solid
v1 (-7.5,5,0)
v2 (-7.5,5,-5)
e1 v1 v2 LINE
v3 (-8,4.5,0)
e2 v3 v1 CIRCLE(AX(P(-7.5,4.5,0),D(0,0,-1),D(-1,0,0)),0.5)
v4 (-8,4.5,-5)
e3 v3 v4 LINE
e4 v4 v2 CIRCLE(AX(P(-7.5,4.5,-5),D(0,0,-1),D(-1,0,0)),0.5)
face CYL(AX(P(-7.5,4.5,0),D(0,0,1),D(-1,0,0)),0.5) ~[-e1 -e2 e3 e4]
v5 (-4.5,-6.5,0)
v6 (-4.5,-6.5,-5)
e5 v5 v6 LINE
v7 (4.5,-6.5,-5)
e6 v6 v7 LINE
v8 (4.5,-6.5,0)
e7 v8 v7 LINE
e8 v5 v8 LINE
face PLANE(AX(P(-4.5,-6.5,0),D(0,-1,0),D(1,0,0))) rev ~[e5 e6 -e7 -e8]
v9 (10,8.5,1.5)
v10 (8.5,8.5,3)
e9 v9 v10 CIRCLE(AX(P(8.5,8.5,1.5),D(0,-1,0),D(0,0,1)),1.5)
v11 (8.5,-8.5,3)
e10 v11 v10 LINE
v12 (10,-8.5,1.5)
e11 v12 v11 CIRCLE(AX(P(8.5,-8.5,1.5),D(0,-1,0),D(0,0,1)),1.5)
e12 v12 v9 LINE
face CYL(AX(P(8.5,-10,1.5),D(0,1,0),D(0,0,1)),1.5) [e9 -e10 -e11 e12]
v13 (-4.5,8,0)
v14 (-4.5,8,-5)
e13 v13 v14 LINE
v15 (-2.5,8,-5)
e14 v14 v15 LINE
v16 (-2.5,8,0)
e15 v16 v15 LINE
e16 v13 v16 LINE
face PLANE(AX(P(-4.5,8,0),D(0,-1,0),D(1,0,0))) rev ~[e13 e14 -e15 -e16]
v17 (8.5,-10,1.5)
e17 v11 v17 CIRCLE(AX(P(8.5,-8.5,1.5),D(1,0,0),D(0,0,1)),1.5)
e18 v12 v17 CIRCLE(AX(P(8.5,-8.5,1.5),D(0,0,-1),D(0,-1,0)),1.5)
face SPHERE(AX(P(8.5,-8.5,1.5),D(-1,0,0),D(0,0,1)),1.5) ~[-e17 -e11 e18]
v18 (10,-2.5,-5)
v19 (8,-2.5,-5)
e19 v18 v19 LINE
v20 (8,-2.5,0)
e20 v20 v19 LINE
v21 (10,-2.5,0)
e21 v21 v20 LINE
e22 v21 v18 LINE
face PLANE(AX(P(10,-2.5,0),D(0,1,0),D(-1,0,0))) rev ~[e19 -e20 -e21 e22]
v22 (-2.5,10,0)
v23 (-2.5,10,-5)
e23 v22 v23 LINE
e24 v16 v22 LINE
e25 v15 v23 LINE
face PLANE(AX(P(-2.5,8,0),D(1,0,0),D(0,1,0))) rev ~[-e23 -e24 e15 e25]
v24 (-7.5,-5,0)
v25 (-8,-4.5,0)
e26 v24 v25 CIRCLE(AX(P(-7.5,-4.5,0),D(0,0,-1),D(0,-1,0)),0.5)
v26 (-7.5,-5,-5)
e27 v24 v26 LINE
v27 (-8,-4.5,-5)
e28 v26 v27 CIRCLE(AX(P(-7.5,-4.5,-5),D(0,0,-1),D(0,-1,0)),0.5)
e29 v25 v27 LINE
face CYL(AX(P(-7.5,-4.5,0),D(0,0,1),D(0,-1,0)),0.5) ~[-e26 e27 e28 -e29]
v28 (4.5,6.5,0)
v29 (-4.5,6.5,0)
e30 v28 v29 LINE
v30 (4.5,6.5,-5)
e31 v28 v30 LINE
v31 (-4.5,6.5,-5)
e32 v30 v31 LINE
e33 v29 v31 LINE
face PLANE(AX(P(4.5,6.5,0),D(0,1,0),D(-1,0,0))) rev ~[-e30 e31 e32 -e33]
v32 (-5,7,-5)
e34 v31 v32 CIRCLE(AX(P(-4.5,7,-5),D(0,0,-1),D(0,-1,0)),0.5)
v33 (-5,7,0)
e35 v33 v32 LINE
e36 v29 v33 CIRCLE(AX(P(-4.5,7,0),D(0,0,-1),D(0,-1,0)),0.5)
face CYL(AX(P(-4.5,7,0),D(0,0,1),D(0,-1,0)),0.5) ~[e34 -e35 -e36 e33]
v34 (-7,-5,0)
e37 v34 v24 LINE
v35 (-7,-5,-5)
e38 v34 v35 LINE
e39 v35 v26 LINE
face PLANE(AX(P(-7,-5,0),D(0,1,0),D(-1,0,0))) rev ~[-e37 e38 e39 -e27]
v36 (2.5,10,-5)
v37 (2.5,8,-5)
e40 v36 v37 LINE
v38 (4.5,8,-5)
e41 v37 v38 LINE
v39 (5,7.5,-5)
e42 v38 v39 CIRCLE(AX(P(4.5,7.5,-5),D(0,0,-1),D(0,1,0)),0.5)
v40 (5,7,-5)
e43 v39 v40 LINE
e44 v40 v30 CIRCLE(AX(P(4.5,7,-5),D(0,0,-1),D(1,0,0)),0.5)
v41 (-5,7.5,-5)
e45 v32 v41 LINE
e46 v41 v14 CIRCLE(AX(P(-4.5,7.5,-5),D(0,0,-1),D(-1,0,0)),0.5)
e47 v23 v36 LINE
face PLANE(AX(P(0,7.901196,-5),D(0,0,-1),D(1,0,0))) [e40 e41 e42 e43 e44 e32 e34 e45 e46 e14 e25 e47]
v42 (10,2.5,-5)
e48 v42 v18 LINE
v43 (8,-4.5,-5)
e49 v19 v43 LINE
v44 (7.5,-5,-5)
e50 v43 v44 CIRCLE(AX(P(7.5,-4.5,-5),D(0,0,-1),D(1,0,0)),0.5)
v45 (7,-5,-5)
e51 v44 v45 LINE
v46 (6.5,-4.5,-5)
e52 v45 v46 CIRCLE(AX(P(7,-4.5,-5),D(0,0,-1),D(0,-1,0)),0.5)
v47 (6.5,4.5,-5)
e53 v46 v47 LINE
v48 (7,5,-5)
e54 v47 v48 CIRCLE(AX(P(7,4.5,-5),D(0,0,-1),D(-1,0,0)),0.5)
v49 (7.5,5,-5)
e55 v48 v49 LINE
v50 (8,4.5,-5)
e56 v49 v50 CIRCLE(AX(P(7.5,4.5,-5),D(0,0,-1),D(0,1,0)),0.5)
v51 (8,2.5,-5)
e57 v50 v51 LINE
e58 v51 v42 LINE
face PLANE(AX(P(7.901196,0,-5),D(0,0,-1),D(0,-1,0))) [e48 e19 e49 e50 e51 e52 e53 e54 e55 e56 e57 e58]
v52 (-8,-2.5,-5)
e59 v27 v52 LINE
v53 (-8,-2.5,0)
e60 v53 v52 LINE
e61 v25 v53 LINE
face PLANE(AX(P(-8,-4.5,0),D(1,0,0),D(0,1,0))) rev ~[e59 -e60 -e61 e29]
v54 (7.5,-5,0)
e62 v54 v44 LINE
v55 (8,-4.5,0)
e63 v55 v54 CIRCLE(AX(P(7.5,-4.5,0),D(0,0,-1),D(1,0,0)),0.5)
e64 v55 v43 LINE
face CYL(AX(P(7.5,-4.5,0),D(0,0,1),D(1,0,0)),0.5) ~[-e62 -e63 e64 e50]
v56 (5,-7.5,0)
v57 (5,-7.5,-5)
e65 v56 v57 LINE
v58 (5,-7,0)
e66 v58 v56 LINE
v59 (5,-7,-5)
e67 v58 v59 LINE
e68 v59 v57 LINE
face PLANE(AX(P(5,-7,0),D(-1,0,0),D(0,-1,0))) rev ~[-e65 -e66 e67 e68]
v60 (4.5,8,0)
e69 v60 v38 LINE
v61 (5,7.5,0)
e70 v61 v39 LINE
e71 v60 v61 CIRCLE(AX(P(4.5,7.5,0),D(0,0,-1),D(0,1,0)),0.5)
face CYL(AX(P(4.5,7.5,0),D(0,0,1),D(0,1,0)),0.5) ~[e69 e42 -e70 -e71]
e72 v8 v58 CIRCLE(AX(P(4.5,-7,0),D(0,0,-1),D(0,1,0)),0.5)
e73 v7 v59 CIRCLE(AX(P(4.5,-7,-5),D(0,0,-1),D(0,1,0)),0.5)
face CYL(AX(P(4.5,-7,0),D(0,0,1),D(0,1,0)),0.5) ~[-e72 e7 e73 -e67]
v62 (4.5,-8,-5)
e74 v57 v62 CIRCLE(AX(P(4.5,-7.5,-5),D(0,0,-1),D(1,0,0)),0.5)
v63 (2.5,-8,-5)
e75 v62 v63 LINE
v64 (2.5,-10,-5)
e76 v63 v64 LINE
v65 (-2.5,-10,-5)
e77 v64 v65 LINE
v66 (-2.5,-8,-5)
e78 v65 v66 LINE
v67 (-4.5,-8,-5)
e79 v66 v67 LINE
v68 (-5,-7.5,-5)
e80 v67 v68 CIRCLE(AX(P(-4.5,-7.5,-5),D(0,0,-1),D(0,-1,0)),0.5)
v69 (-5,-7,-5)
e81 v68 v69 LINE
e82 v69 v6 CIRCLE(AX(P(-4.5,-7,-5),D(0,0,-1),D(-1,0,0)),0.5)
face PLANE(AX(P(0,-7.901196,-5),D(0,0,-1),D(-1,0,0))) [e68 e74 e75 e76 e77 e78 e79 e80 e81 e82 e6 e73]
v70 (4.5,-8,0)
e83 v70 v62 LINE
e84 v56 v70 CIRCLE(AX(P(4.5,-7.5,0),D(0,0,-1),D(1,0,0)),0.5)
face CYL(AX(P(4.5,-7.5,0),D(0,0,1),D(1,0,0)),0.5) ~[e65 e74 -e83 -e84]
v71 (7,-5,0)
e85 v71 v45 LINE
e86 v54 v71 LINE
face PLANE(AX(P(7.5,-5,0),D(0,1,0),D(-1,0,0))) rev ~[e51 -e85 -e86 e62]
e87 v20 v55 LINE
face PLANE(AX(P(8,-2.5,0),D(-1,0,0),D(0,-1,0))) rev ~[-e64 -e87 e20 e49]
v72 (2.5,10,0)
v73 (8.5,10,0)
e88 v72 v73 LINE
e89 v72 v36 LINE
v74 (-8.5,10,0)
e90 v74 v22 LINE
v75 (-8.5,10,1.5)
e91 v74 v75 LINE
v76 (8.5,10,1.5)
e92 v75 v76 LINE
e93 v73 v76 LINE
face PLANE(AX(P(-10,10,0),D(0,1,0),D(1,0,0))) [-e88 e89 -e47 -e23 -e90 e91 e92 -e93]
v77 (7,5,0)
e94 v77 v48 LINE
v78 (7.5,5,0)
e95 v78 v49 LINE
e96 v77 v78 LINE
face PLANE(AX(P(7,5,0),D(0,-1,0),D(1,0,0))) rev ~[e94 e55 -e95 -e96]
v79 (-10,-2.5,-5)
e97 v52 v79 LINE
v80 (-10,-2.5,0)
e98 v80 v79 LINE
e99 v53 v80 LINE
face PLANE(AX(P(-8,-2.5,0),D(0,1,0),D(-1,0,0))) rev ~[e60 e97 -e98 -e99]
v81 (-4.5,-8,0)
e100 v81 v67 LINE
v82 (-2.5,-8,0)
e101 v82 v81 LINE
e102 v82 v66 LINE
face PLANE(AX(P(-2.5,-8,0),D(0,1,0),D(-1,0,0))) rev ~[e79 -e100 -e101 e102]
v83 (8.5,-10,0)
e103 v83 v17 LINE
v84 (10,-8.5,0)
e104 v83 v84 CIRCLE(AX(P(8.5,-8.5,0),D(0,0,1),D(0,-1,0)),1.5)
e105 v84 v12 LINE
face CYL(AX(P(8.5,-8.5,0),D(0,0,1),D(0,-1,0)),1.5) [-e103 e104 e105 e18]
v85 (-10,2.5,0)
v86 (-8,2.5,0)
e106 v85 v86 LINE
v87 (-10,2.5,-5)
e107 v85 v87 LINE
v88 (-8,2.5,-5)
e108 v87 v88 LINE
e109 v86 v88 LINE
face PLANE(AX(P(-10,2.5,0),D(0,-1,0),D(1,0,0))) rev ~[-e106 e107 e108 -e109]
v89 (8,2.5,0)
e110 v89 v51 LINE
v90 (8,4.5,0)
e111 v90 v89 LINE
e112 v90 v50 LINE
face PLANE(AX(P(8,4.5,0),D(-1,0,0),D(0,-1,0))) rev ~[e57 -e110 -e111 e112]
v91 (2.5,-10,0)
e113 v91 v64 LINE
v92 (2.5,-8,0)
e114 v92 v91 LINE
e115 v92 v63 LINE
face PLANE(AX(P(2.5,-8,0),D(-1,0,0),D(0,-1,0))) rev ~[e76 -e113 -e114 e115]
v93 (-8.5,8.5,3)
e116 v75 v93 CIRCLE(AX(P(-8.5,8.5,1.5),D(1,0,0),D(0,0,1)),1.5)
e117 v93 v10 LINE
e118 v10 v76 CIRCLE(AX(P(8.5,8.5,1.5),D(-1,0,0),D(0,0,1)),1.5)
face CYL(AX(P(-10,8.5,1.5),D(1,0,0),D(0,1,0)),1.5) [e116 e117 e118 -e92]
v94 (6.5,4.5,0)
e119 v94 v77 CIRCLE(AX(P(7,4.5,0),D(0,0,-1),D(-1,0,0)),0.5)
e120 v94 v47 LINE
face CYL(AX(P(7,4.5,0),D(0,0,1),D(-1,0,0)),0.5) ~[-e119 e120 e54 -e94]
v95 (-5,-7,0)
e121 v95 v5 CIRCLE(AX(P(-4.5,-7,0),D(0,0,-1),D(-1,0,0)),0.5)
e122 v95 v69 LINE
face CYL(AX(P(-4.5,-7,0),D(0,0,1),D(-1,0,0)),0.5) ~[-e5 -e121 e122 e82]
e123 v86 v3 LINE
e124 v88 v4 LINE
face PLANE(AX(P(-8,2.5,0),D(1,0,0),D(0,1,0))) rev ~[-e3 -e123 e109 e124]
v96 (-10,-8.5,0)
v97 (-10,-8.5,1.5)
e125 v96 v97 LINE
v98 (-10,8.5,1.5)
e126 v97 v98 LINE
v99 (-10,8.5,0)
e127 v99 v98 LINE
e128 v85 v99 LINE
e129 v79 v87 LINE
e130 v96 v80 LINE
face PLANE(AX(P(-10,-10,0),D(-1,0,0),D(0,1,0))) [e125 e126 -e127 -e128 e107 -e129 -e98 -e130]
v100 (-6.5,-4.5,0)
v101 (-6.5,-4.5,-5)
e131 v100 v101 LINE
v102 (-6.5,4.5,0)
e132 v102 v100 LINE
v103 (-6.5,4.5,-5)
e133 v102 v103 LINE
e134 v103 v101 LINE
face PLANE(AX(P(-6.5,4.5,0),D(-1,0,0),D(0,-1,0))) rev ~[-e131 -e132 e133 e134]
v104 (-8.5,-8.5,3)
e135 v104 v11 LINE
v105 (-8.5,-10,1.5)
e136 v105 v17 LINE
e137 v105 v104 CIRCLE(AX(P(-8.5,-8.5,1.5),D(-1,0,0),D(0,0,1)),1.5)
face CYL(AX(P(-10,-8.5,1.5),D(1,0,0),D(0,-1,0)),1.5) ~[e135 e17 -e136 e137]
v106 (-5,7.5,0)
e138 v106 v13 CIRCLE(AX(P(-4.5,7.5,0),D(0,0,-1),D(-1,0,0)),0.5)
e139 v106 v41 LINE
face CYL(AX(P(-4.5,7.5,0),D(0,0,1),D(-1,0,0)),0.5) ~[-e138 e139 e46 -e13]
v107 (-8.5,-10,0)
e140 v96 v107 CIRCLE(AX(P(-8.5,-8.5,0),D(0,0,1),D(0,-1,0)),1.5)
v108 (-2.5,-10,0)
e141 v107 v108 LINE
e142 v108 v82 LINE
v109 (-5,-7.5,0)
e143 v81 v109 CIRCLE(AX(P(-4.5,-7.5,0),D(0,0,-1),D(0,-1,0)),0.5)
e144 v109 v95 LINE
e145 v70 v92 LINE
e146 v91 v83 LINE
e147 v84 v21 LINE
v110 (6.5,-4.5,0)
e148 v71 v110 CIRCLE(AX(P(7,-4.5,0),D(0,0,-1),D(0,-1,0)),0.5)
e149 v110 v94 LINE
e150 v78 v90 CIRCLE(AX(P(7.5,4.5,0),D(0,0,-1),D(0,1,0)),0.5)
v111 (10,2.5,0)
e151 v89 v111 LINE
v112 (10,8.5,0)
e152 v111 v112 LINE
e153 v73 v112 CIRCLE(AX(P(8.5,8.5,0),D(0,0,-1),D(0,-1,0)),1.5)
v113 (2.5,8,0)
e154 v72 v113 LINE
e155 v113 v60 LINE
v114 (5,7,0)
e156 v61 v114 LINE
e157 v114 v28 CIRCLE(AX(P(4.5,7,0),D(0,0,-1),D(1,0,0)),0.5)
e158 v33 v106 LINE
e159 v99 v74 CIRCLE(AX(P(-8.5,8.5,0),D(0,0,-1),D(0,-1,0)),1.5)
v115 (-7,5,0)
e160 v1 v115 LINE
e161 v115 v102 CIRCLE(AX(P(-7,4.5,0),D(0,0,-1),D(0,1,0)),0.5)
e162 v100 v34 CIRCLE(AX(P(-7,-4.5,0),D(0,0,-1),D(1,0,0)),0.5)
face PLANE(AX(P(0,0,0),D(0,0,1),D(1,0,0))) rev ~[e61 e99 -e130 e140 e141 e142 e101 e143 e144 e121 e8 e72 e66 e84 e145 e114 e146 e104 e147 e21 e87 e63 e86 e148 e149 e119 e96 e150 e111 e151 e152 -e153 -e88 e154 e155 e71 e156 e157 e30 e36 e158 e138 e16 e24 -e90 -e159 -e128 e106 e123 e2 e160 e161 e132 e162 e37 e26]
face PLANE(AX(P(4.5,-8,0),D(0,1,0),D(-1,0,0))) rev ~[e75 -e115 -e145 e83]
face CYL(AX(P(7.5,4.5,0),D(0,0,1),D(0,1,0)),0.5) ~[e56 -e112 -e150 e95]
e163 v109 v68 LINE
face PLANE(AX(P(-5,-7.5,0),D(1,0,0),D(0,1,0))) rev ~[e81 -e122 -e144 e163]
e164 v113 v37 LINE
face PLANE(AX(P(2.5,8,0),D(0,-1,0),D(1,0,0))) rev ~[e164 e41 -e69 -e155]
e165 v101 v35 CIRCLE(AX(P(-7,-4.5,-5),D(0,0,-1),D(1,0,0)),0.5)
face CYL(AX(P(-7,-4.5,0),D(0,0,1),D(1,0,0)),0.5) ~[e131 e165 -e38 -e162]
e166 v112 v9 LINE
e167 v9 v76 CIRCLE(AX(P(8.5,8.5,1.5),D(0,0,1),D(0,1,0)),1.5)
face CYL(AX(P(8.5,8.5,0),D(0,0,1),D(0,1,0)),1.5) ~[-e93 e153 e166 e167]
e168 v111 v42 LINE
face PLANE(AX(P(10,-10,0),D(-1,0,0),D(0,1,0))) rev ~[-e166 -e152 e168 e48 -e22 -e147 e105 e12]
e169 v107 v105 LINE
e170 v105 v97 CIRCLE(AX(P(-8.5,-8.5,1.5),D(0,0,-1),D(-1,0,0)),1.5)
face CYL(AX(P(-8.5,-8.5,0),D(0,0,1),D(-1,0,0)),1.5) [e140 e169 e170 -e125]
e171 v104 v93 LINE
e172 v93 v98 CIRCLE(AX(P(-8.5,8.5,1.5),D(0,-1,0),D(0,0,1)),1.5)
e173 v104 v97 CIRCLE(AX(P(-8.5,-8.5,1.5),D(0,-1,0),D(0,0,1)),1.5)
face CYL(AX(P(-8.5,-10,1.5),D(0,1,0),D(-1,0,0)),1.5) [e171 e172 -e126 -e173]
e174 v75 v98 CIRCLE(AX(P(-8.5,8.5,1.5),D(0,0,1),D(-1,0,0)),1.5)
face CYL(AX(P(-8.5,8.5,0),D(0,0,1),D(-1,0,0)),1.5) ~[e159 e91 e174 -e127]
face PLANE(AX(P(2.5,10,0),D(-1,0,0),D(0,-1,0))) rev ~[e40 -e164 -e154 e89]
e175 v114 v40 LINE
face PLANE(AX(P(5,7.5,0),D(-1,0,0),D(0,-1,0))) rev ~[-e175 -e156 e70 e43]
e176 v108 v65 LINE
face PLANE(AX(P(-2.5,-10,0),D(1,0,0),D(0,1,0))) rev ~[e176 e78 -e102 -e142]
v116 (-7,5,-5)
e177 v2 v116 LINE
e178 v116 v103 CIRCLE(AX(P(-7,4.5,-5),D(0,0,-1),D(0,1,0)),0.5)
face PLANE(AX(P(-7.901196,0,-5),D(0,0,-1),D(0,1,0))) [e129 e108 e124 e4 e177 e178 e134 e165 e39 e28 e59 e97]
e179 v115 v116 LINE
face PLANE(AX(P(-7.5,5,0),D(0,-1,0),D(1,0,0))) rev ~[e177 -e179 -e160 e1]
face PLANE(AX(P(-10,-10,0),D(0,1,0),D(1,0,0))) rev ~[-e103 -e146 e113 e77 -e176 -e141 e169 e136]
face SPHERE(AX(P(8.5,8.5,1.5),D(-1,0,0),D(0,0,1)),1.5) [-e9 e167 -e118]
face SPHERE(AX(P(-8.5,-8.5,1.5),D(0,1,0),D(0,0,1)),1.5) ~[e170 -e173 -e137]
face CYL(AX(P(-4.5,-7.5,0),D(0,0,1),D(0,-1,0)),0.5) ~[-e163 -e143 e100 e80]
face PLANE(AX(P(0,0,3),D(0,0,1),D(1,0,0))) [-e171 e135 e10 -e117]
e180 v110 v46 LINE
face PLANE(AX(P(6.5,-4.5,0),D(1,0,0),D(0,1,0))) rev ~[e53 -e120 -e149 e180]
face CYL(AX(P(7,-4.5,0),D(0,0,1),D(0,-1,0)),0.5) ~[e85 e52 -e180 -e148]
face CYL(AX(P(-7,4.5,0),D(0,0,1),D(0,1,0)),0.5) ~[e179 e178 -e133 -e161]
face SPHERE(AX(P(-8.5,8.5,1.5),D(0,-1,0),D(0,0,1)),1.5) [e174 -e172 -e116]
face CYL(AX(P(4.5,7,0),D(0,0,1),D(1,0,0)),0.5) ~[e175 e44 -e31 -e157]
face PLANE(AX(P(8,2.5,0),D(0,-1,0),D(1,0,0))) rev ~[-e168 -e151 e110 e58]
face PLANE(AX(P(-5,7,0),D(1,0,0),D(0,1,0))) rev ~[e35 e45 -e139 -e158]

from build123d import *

# Parameters (mm, degrees)
F0_W     = 20
F0_H     = 20
F1_DEPTH = 3
F3_DEPTH = 5
F5_COUNT = 4
F6_R     = 1.5


with BuildPart() as f1:
    # F0 (on Top) → F1 (new body)
    with BuildSketch(Plane.XY):
        Rectangle(F0_W, F0_H)
    extrude(amount=F1_DEPTH)

    # F2 (on face) → F3 (join)
    with BuildSketch(Plane(origin=(0, 0, 0), x_dir=(1, 0, 0), z_dir=(0, 0, -1))):
        with BuildLine():
            Line((-2.5, -8), (-2.5, -10))
            Line((-2.5, -10), (2.5, -10))
            Line((2.5, -10), (2.5, -8))
            Line((2.5, -8), (4.5, -8))
            ThreePointArc((4.5, -8), (4.8535533906, -7.8535533906), (5, -7.5))
            Line((5, -7.5), (5, -7))
            ThreePointArc((5, -7), (4.8535533906, -6.6464466094), (4.5, -6.5))
            Line((4.5, -6.5), (-4.5, -6.5))
            ThreePointArc((-4.5, -6.5), (-4.8535533906, -6.6464466094), (-5, -7))
            Line((-5, -7), (-5, -7.5))
            ThreePointArc((-5, -7.5), (-4.8535533906, -7.8535533906), (-4.5, -8))
            Line((-4.5, -8), (-2.5, -8))
        make_face()
    extrude(amount=F3_DEPTH)

    # F5: F1 ×4 about axis
    f5_axis = Axis((0, 0, -8.8594034314), (0, 0, -1))


with BuildPart() as f1_1:
    add(f1.part)
    for i in range(1, F5_COUNT):
        add(f1.part.rotate(f5_axis, i * 360 / F5_COUNT))

    # F6
    f6_edges = [f1_1.edges().sort_by_distance(p)[0] for p in [
        (-10, 0, 3),
        (0, 10, 3),
        (0, -10, 3),
        (10, 0, 3),
        (10, -10, 1.5),
        (10, 10, 1.5),
        (-10, 10, 1.5),
        (-10, -10, 1.5),
    ]]
    fillet(f6_edges, radius=F6_R)


solid = f1_1.part
